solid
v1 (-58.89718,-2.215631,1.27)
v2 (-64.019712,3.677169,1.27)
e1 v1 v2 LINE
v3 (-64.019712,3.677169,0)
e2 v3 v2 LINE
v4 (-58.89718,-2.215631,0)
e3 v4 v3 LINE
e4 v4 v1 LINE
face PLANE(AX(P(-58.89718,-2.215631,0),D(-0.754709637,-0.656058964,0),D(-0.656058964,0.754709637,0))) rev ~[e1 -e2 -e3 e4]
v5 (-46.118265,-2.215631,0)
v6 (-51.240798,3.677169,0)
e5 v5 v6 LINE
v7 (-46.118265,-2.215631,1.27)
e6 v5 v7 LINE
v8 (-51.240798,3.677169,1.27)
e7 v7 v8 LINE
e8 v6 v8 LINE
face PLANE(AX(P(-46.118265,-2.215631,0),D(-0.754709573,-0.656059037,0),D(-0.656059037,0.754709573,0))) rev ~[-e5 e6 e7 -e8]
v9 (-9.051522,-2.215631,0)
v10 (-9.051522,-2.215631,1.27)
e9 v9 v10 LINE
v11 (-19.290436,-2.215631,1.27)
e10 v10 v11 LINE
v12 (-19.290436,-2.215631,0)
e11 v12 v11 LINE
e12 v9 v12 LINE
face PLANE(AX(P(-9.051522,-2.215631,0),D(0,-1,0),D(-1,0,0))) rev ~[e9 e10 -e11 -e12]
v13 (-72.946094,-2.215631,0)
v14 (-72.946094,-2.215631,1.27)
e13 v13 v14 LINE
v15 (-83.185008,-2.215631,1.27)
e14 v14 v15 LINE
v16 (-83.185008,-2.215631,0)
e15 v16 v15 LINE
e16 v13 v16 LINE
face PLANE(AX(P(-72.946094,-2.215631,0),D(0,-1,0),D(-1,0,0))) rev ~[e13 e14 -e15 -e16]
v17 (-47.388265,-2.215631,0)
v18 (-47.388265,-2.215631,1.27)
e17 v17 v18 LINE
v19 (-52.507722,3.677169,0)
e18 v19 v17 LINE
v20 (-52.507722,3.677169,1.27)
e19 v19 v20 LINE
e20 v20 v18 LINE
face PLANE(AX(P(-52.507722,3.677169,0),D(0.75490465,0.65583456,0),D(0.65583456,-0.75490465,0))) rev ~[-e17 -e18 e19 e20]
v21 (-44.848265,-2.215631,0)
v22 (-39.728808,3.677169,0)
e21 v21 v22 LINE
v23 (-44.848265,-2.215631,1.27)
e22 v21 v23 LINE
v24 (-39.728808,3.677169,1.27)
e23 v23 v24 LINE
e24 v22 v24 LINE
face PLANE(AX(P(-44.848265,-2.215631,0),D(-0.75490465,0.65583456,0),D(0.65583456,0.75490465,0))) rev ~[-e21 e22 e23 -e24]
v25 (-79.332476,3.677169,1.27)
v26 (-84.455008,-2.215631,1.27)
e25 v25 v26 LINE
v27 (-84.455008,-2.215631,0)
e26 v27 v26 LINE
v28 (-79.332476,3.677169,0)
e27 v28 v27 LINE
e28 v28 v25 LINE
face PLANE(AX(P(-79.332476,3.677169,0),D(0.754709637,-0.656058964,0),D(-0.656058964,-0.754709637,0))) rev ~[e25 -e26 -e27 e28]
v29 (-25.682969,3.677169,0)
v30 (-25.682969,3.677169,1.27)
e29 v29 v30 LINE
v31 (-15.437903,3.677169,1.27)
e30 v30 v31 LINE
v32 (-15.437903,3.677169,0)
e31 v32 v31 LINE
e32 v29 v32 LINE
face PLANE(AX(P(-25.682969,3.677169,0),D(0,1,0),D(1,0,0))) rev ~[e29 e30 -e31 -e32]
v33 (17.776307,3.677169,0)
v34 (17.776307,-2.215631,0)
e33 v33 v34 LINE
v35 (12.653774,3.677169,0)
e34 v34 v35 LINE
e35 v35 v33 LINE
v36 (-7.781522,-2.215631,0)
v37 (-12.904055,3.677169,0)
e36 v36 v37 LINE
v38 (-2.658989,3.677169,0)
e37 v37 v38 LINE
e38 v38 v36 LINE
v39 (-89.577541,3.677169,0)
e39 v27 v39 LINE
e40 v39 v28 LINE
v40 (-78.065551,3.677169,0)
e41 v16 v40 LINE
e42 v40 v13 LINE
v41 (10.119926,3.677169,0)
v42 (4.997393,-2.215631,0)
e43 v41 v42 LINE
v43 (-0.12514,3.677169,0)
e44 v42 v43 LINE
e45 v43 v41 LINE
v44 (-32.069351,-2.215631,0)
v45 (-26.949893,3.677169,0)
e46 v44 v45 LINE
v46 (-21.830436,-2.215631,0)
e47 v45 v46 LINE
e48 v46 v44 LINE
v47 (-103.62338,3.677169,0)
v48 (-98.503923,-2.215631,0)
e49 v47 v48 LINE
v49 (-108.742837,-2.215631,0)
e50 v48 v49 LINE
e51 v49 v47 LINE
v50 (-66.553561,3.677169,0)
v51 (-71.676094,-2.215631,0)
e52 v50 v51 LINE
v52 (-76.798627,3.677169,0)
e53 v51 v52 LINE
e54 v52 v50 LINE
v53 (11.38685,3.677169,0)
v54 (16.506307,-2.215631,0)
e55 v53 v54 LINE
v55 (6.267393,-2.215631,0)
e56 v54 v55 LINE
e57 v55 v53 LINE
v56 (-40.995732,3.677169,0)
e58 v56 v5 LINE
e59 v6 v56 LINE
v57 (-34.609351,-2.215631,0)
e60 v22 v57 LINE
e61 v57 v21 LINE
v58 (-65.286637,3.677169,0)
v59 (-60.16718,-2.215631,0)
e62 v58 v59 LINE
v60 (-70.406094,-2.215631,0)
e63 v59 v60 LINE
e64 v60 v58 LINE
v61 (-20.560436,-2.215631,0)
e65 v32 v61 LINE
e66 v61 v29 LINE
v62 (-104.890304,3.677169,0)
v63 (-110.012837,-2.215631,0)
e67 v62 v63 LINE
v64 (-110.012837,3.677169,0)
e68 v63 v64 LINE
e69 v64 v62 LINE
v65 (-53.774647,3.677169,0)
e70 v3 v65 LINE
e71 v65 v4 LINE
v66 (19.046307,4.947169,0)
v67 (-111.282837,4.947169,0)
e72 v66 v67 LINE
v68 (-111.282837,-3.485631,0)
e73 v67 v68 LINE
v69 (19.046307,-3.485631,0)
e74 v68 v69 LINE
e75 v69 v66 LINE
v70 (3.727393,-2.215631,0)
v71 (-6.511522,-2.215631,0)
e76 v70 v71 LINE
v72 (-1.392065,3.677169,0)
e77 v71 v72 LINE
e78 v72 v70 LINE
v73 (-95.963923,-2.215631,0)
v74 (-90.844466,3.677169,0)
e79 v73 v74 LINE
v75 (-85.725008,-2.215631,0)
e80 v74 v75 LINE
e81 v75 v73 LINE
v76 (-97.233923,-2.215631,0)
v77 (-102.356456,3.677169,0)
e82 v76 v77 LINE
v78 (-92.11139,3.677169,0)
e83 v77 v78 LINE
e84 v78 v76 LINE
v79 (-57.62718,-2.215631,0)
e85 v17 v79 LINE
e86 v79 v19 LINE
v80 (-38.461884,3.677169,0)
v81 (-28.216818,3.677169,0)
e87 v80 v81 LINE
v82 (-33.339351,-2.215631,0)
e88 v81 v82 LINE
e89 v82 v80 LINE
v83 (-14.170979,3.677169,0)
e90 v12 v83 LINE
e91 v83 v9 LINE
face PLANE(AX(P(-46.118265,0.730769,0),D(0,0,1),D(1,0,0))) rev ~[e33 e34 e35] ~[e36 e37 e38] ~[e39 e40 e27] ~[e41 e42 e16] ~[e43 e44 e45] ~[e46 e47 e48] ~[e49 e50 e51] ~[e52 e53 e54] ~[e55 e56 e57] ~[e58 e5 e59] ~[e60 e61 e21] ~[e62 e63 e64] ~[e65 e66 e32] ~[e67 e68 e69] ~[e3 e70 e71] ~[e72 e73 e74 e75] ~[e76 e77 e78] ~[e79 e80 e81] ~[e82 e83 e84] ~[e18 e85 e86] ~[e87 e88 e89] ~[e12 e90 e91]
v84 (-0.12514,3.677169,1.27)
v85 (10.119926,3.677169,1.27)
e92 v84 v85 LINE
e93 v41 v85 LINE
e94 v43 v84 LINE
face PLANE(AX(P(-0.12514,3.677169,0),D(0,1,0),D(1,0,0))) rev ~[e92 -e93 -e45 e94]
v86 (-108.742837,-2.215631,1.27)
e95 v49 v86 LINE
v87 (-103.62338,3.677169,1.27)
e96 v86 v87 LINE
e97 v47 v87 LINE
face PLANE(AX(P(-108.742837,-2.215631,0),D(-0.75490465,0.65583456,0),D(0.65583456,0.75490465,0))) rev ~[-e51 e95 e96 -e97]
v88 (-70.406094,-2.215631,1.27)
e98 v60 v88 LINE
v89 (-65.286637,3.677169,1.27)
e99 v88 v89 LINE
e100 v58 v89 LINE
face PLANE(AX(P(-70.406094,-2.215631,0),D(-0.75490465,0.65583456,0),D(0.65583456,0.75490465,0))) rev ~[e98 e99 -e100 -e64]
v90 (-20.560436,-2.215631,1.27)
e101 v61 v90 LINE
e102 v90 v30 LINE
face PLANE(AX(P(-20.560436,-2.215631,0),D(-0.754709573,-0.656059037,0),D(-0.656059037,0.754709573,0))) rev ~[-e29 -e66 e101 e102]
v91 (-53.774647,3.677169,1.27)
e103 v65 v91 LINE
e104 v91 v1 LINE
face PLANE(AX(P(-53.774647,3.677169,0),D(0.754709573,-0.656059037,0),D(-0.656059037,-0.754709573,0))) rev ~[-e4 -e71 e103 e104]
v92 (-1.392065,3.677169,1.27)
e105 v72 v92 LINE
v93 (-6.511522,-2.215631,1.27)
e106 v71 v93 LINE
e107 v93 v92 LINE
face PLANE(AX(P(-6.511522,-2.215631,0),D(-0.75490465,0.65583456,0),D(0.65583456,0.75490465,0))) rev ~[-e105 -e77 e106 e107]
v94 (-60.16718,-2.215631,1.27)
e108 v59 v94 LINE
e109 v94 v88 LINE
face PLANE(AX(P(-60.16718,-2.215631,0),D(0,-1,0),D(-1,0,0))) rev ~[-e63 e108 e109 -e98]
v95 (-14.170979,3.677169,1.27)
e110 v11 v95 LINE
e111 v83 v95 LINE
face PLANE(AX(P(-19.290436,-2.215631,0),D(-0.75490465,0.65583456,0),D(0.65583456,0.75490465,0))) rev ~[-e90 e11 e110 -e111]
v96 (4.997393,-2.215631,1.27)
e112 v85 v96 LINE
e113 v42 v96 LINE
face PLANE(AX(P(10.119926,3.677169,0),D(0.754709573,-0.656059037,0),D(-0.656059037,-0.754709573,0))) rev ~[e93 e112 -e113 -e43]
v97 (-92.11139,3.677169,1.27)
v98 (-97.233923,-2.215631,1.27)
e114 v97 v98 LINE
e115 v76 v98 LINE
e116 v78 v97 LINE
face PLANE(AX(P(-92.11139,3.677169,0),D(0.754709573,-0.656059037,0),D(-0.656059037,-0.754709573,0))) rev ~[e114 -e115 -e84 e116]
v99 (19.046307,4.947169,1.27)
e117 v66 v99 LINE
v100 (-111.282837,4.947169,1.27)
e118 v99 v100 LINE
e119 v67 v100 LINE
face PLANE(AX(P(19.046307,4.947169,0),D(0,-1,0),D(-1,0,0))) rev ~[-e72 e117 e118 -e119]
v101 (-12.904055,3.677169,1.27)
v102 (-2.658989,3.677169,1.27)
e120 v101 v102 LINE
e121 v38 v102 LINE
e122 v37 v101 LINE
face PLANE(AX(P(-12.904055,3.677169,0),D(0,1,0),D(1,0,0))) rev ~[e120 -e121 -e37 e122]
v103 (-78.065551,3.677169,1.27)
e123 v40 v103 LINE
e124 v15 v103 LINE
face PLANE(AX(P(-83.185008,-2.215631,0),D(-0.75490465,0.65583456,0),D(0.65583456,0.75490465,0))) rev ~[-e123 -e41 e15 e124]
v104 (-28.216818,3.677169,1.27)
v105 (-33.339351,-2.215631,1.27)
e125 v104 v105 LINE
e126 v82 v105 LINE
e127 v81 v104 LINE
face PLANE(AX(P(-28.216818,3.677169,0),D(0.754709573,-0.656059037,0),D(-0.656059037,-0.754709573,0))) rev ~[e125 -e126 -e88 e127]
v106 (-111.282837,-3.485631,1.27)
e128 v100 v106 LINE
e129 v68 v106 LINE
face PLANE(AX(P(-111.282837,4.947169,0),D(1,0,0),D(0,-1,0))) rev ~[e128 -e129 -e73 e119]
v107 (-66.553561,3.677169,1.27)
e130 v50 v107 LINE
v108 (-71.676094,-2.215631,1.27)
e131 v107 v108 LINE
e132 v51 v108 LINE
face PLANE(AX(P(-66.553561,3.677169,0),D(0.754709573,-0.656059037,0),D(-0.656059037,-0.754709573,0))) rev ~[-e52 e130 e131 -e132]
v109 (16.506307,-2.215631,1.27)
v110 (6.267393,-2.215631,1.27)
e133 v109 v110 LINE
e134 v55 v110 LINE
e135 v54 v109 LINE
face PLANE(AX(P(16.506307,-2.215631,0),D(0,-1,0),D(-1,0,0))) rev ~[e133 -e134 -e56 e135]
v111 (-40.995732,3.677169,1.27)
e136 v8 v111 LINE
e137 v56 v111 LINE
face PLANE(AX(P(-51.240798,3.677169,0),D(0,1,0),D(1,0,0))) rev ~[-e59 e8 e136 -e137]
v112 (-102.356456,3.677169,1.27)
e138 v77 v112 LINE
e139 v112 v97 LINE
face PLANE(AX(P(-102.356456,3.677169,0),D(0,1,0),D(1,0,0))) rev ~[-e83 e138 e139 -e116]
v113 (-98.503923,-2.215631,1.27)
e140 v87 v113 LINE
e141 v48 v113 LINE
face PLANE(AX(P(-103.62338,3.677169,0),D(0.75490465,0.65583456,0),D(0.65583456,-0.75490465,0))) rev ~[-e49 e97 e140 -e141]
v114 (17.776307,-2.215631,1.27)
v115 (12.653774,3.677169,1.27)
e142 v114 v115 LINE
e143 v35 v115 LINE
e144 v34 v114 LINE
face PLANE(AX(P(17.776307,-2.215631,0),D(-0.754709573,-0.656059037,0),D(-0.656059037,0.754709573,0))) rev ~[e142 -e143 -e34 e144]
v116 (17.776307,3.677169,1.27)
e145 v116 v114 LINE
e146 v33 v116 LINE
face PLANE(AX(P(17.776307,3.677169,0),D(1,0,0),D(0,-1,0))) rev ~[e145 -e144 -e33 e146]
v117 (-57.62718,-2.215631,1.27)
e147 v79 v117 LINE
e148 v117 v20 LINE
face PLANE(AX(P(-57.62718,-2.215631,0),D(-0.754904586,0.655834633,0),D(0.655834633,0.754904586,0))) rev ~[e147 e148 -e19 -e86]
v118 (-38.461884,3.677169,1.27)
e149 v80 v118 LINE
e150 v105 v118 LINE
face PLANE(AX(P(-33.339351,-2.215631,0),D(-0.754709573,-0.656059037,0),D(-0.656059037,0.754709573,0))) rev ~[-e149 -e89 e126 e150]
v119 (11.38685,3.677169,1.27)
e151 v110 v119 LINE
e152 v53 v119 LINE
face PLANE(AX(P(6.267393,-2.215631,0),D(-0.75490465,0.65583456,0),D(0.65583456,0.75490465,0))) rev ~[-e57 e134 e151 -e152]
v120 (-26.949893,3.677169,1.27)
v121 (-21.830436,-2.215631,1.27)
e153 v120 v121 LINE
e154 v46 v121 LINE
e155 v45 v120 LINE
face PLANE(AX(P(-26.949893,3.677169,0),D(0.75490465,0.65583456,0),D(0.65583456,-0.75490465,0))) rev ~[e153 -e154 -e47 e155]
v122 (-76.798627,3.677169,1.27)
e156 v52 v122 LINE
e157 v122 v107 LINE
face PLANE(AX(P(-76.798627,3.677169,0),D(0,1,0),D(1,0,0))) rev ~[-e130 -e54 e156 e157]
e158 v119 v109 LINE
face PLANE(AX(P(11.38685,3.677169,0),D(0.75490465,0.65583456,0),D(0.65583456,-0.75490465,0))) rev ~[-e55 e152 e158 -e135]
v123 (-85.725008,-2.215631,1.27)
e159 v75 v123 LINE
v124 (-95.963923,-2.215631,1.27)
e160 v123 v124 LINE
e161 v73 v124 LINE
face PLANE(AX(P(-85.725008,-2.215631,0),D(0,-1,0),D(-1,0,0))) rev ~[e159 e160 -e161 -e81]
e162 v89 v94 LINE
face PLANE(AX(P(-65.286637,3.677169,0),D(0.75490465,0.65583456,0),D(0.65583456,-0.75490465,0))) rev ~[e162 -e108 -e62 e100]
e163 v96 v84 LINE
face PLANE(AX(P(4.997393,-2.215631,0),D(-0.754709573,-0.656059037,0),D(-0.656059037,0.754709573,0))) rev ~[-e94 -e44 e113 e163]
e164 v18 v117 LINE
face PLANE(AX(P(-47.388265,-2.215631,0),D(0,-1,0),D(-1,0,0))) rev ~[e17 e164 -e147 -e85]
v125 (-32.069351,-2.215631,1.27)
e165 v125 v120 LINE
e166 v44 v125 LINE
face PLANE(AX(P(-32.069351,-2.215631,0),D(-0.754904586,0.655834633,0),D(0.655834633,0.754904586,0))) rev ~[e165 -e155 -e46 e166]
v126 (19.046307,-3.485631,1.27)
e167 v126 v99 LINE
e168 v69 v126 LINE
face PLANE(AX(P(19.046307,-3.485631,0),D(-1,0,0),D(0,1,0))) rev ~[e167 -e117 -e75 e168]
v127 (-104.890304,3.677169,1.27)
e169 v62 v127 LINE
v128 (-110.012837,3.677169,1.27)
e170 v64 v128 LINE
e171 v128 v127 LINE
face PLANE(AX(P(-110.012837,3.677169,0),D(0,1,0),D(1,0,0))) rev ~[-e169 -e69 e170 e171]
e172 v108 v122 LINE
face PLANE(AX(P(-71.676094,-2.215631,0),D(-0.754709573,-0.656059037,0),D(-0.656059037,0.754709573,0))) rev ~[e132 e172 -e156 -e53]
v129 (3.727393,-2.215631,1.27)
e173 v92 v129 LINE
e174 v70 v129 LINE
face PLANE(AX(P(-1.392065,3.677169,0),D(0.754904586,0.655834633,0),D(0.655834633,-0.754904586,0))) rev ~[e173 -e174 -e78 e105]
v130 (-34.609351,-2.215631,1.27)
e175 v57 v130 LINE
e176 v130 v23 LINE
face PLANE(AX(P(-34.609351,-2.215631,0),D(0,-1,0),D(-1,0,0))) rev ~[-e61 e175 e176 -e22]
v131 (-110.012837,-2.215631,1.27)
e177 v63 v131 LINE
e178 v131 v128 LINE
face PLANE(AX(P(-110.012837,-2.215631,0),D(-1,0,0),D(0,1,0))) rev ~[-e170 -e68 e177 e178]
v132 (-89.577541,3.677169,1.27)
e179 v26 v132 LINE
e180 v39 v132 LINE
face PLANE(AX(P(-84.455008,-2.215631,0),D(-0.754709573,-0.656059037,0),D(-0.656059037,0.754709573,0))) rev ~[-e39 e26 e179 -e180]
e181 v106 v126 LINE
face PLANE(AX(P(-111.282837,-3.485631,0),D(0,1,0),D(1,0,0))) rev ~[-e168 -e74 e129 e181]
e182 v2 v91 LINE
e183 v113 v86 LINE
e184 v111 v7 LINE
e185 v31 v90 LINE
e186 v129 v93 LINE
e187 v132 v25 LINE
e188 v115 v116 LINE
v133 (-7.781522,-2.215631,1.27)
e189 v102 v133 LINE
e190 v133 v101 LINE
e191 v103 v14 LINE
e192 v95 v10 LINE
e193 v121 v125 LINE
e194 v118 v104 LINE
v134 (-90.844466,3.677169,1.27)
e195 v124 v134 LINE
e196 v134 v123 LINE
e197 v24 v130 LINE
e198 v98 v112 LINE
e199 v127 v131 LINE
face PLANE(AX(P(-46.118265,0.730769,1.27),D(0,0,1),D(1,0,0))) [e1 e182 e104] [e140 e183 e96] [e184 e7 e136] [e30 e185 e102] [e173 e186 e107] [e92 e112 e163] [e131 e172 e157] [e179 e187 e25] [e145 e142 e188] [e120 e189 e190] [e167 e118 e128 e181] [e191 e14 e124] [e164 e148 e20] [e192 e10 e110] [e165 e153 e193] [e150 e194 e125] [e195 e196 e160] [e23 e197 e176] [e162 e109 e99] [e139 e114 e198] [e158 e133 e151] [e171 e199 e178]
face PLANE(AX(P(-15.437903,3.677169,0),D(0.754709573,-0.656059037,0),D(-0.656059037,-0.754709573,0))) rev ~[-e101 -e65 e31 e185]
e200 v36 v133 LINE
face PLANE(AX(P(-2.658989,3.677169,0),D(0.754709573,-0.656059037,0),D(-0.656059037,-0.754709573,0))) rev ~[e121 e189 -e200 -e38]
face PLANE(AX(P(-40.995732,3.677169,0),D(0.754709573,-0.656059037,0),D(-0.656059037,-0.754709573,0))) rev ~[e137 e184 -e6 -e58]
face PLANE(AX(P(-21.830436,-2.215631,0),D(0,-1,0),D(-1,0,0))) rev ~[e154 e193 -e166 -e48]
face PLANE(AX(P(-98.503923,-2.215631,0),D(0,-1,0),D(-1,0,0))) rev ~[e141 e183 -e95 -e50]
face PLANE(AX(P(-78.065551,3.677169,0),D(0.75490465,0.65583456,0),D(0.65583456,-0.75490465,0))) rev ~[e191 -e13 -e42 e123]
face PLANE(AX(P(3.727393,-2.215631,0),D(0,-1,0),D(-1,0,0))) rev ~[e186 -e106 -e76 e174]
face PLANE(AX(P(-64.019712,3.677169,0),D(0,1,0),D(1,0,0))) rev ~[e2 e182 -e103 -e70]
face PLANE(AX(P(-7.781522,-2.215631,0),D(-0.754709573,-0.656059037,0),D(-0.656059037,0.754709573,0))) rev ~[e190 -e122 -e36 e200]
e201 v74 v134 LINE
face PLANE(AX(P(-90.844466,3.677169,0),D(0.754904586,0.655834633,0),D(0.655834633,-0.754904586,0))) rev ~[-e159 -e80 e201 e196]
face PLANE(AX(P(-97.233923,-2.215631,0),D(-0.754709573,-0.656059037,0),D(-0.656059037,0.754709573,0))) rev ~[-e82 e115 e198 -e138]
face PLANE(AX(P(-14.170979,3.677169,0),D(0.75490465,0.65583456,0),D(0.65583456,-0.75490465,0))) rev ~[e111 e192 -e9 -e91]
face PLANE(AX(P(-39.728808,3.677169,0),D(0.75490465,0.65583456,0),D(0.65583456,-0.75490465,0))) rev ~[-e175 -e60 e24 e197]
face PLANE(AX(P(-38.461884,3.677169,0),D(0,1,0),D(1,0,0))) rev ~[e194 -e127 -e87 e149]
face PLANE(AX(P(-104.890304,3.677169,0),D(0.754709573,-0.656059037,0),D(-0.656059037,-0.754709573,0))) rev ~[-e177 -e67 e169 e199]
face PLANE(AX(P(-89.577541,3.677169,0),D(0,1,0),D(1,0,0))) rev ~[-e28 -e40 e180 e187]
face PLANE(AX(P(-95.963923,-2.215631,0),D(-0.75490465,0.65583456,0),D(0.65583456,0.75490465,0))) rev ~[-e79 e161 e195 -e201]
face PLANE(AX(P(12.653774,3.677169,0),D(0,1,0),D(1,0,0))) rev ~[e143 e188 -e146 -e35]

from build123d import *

# Parameters (mm, degrees)
F1_DEPTH = 1.27


with BuildPart() as f1:
    # F0 (on Top) → F1 (new body)
    with BuildSketch(Plane.XY):
        Polygon((19.046307, 4.947169), (-111.282837, 4.947169), (-111.282837, -3.485631), (19.046307, -3.485631), (19.046307, -2.215631), align=None)
        Polygon((-110.012837, -2.215631), (-110.012837, 3.677169), (-104.890304, 3.677169), align=None, mode=Mode.SUBTRACT)
        Polygon((-98.503923, -2.215631), (-108.742837, -2.215631), (-103.62338, 3.677169), align=None, mode=Mode.SUBTRACT)
        Polygon((-92.11139, 3.677169), (-97.233923, -2.215631), (-102.356456, 3.677169), align=None, mode=Mode.SUBTRACT)
        Polygon((-85.725008, -2.215631), (-95.963923, -2.215631), (-90.844466, 3.677169), align=None, mode=Mode.SUBTRACT)
        Polygon((-79.332476, 3.677169), (-84.455008, -2.215631), (-89.577541, 3.677169), align=None, mode=Mode.SUBTRACT)
        Polygon((-72.946094, -2.215631), (-83.185008, -2.215631), (-78.065551, 3.677169), align=None, mode=Mode.SUBTRACT)
        Polygon((-66.553561, 3.677169), (-71.676094, -2.215631), (-76.798627, 3.677169), align=None, mode=Mode.SUBTRACT)
        Polygon((-70.406094, -2.215631), (-65.286637, 3.677169), (-60.16718, -2.215631), align=None, mode=Mode.SUBTRACT)
        Polygon((-53.774647, 3.677169), (-58.89718, -2.215631), (-64.019712, 3.677169), align=None, mode=Mode.SUBTRACT)
        Polygon((-47.388265, -2.215631), (-57.62718, -2.215631), (-52.507722, 3.677169), align=None, mode=Mode.SUBTRACT)
        Polygon((-40.995732, 3.677169), (-46.118265, -2.215631), (-51.240798, 3.677169), align=None, mode=Mode.SUBTRACT)
        Polygon((-44.848265, -2.215631), (-39.728808, 3.677169), (-34.609351, -2.215631), align=None, mode=Mode.SUBTRACT)
        Polygon((-28.216818, 3.677169), (-33.339351, -2.215631), (-38.461884, 3.677169), align=None, mode=Mode.SUBTRACT)
        Polygon((-32.069351, -2.215631), (-26.949893, 3.677169), (-21.830436, -2.215631), align=None, mode=Mode.SUBTRACT)
        Polygon((-15.437903, 3.677169), (-20.560436, -2.215631), (-25.682969, 3.677169), align=None, mode=Mode.SUBTRACT)
        Polygon((-19.290436, -2.215631), (-14.170979, 3.677169), (-9.051522, -2.215631), align=None, mode=Mode.SUBTRACT)
        Polygon((-2.658989, 3.677169), (-7.781522, -2.215631), (-12.904055, 3.677169), align=None, mode=Mode.SUBTRACT)
        Polygon((3.727393, -2.215631), (-6.511522, -2.215631), (-1.392065, 3.677169), align=None, mode=Mode.SUBTRACT)
        Polygon((10.119926, 3.677169), (4.997393, -2.215631), (-0.12514, 3.677169), align=None, mode=Mode.SUBTRACT)
        Polygon((6.267393, -2.215631), (11.38685, 3.677169), (16.506307, -2.215631), align=None, mode=Mode.SUBTRACT)
        Polygon((17.776307, 3.677169), (17.776307, -2.215631), (12.653774, 3.677169), align=None, mode=Mode.SUBTRACT)
    extrude(amount=F1_DEPTH)


solid = f1.part
